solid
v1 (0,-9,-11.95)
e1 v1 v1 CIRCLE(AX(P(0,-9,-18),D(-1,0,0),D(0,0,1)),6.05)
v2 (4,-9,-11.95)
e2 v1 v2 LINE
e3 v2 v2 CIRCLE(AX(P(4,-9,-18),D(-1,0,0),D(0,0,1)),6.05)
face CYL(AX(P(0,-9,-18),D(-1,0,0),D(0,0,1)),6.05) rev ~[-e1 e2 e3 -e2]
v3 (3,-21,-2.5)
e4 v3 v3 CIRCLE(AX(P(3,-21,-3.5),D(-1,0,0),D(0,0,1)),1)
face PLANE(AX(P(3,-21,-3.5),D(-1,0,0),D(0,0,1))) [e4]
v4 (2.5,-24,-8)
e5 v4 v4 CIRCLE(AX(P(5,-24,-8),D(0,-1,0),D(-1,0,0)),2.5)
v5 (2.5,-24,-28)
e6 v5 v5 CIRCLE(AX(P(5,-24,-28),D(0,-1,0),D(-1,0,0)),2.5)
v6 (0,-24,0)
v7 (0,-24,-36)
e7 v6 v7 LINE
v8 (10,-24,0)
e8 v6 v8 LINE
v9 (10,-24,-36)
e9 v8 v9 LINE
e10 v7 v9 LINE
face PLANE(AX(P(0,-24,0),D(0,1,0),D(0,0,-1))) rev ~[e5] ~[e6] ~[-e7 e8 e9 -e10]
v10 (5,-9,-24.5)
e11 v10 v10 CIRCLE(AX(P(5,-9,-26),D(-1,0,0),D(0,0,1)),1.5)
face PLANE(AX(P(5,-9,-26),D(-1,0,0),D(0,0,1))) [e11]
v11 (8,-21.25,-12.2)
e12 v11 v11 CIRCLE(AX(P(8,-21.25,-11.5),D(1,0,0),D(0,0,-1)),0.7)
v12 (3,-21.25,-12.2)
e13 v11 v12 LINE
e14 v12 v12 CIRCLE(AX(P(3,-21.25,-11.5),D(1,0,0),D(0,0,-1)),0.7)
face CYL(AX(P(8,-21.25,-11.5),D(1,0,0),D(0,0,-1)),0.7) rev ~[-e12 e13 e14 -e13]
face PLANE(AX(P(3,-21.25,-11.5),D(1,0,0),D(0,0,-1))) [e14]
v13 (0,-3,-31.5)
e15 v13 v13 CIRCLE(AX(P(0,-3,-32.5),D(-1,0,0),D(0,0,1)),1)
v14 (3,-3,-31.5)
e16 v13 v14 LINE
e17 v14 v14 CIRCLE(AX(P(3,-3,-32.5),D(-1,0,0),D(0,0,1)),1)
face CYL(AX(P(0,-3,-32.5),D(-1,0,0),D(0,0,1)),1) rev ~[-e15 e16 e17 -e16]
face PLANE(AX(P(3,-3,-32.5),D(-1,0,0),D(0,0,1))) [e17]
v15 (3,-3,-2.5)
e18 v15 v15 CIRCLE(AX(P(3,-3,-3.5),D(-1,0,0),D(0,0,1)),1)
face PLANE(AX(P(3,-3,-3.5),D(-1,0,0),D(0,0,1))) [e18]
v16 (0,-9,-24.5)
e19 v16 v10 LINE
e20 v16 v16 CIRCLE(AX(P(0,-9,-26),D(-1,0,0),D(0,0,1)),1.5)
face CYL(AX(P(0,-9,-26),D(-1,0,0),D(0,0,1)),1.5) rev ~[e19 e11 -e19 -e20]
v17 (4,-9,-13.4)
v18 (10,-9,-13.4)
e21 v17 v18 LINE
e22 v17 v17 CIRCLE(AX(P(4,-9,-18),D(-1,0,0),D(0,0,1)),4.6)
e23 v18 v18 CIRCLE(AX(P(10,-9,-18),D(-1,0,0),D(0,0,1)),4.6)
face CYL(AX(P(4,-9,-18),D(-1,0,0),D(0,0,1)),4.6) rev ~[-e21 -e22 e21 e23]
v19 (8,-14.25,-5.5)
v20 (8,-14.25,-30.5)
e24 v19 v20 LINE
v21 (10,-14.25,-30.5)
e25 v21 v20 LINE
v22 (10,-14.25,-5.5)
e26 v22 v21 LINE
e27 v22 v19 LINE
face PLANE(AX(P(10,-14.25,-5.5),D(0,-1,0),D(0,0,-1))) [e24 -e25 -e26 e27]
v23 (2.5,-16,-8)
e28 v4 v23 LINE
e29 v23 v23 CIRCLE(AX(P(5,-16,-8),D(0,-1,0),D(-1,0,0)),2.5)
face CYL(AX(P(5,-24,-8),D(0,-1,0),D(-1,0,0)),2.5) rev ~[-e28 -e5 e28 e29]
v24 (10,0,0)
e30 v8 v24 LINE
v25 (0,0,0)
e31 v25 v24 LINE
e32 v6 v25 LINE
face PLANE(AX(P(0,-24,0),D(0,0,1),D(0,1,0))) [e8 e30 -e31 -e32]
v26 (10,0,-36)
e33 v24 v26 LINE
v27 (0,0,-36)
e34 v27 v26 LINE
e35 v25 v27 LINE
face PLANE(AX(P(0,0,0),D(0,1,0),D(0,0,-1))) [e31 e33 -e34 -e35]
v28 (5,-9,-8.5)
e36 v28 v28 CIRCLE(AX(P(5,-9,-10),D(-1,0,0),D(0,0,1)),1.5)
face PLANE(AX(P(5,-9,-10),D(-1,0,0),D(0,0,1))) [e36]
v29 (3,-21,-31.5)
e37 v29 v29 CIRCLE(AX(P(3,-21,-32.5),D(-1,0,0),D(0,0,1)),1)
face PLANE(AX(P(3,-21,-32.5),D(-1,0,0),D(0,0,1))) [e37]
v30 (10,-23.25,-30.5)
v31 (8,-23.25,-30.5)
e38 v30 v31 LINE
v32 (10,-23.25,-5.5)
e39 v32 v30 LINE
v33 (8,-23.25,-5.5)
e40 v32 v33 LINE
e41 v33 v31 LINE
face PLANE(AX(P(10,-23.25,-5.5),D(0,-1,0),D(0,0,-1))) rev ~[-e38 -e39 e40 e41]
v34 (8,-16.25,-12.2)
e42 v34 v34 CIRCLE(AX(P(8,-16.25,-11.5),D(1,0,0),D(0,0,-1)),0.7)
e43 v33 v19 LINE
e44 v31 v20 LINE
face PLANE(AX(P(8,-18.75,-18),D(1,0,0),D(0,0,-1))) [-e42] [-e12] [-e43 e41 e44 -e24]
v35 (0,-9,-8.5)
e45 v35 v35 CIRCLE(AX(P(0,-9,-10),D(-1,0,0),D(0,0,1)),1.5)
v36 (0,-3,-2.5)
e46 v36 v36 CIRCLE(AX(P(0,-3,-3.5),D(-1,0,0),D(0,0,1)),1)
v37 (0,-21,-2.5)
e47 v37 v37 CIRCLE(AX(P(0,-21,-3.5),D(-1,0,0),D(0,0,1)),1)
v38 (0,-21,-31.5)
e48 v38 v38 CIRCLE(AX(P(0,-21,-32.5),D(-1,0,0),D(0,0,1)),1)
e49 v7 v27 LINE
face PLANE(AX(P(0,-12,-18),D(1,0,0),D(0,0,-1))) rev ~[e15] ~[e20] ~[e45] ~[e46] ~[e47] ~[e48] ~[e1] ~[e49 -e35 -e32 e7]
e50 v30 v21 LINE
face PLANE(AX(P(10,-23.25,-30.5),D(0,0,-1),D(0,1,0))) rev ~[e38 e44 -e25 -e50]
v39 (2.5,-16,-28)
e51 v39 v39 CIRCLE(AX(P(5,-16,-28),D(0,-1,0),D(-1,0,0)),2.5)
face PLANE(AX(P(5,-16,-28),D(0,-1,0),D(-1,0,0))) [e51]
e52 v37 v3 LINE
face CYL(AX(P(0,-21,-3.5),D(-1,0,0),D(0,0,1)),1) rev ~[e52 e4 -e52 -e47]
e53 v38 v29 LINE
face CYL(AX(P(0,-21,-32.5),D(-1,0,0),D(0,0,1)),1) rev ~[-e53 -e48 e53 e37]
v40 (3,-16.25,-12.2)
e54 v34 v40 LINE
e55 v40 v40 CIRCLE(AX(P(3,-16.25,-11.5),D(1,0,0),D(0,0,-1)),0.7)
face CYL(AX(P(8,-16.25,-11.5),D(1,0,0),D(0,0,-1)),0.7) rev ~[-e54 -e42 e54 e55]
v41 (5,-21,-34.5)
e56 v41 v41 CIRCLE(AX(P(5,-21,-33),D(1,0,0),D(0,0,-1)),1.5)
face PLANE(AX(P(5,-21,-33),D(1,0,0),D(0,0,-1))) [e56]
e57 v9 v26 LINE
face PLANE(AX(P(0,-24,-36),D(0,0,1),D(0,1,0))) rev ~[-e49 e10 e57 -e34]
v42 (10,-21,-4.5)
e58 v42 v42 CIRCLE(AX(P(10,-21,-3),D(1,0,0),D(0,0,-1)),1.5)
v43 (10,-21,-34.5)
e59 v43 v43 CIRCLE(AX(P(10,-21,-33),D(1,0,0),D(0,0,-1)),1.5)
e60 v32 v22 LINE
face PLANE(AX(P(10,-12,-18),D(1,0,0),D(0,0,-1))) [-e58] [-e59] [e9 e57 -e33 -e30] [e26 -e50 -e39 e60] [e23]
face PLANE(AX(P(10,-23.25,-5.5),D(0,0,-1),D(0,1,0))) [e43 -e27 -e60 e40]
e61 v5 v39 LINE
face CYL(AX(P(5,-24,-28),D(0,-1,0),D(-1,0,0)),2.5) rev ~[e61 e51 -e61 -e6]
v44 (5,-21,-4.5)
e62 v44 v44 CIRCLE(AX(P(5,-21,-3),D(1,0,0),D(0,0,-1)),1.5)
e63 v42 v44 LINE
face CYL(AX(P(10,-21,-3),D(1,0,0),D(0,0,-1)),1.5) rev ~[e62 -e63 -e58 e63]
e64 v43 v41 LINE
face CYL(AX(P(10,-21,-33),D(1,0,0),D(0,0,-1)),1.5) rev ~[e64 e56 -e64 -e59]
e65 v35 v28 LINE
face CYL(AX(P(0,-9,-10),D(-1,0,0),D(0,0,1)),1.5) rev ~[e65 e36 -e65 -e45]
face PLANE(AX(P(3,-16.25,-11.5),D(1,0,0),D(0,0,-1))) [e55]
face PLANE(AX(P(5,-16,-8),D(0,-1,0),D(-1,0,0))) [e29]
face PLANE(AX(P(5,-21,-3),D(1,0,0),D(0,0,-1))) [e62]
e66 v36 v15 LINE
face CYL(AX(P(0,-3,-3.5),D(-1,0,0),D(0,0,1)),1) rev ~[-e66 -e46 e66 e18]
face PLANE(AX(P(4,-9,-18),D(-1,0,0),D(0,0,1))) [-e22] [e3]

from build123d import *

# Parameters (mm, degrees)
SKETCH_1_W           = 36
SKETCH_1_H           = 24
EXTRUDE_1_DEPTH      = 10
SKETCH_2_R           = 6.05
CUT_EXTRUDE_1_DEPTH  = 4
SKETCH_3_R           = 4.6
CUT_EXTRUDE_2_DEPTH  = 7
SKETCH_5_R           = 2.5
CUT_EXTRUDE_4_DEPTH  = 8
SKETCH_7_W           = 25
SKETCH_7_H           = 9
CUT_EXTRUDE_5_DEPTH  = 2
SKETCH_8_R           = 1.5
CUT_EXTRUDE_6_DEPTH  = 5
SKETCH_9_R           = 1.5
CUT_EXTRUDE_7_DEPTH  = 5
SKETCH_11_R          = 1
CUT_EXTRUDE_9_DEPTH  = 3
SKETCH_13_R          = 0.7
CUT_EXTRUDE_10_DEPTH = 5


with BuildPart() as part:
    # 草图1 → 凸台-拉伸1 (new body)
    with BuildSketch(Plane(origin=(0, 0, 0), x_dir=(0, 0, -1), z_dir=(1, 0, 0))):
        with Locations((18, -12)):
            Rectangle(SKETCH_1_W, SKETCH_1_H)
    extrude(amount=EXTRUDE_1_DEPTH)

    # 草图2 → 切除-拉伸1 (cut)
    with BuildSketch(Plane.ZY):
        with Locations((-18, -9)):
            Circle(SKETCH_2_R)
    extrude(amount=-CUT_EXTRUDE_1_DEPTH, mode=Mode.SUBTRACT)

    # 草图3 → 切除-拉伸2 (cut, through all)
    with BuildSketch(Plane.ZY.offset(-4)):
        with Locations((-18, -9)):
            Circle(SKETCH_3_R)
    extrude(amount=-CUT_EXTRUDE_2_DEPTH, mode=Mode.SUBTRACT)

    # 草图5 → 切除-拉伸4 (cut)
    with BuildSketch(Plane(origin=(0, -24, 0), x_dir=(-1, 0, 0), z_dir=(0, -1, 0))):
        with Locations((-5, 28)):
            Circle(SKETCH_5_R)
        with Locations((-5, 8)):
            Circle(SKETCH_5_R)
    extrude(amount=-CUT_EXTRUDE_4_DEPTH, mode=Mode.SUBTRACT)

    # 草图7 → 切除-拉伸5 (cut)
    with BuildSketch(Plane(origin=(10, 0, 0), x_dir=(0, 0, -1), z_dir=(1, 0, 0))):
        with Locations((18, -18.75)):
            Rectangle(SKETCH_7_W, SKETCH_7_H)
    extrude(amount=-CUT_EXTRUDE_5_DEPTH, mode=Mode.SUBTRACT)

    # 草图8 → 切除-拉伸6 (cut)
    with BuildSketch(Plane.ZY):
        with Locations((-10, -9)):
            Circle(SKETCH_8_R)
        with Locations((-26, -9)):
            Circle(SKETCH_8_R)
    extrude(amount=-CUT_EXTRUDE_6_DEPTH, mode=Mode.SUBTRACT)

    # 草图9 → 切除-拉伸7 (cut)
    with BuildSketch(Plane(origin=(10, 0, 0), x_dir=(0, 0, -1), z_dir=(1, 0, 0))):
        with Locations((3, -21)):
            Circle(SKETCH_9_R)
        with Locations((33, -21)):
            Circle(SKETCH_9_R)
    extrude(amount=-CUT_EXTRUDE_7_DEPTH, mode=Mode.SUBTRACT)

    # 草图11 → 切除-拉伸9 (cut)
    with BuildSketch(Plane.ZY):
        with Locations((-32.5, -3)):
            Circle(SKETCH_11_R)
        with Locations((-32.5, -21)):
            Circle(SKETCH_11_R)
        with Locations((-3.5, -21)):
            Circle(SKETCH_11_R)
        with Locations((-3.5, -3)):
            Circle(SKETCH_11_R)
    extrude(amount=-CUT_EXTRUDE_9_DEPTH, mode=Mode.SUBTRACT)

    # 草图13 → 切除-拉伸10 (cut)
    with BuildSketch(Plane(origin=(8, 0, 0), x_dir=(0, 0, -1), z_dir=(1, 0, 0))):
        with Locations((11.5, -16.25)):
            Circle(SKETCH_13_R)
        with Locations((11.5, -21.25)):
            Circle(SKETCH_13_R)
    extrude(amount=-CUT_EXTRUDE_10_DEPTH, mode=Mode.SUBTRACT)


solid = part.part
